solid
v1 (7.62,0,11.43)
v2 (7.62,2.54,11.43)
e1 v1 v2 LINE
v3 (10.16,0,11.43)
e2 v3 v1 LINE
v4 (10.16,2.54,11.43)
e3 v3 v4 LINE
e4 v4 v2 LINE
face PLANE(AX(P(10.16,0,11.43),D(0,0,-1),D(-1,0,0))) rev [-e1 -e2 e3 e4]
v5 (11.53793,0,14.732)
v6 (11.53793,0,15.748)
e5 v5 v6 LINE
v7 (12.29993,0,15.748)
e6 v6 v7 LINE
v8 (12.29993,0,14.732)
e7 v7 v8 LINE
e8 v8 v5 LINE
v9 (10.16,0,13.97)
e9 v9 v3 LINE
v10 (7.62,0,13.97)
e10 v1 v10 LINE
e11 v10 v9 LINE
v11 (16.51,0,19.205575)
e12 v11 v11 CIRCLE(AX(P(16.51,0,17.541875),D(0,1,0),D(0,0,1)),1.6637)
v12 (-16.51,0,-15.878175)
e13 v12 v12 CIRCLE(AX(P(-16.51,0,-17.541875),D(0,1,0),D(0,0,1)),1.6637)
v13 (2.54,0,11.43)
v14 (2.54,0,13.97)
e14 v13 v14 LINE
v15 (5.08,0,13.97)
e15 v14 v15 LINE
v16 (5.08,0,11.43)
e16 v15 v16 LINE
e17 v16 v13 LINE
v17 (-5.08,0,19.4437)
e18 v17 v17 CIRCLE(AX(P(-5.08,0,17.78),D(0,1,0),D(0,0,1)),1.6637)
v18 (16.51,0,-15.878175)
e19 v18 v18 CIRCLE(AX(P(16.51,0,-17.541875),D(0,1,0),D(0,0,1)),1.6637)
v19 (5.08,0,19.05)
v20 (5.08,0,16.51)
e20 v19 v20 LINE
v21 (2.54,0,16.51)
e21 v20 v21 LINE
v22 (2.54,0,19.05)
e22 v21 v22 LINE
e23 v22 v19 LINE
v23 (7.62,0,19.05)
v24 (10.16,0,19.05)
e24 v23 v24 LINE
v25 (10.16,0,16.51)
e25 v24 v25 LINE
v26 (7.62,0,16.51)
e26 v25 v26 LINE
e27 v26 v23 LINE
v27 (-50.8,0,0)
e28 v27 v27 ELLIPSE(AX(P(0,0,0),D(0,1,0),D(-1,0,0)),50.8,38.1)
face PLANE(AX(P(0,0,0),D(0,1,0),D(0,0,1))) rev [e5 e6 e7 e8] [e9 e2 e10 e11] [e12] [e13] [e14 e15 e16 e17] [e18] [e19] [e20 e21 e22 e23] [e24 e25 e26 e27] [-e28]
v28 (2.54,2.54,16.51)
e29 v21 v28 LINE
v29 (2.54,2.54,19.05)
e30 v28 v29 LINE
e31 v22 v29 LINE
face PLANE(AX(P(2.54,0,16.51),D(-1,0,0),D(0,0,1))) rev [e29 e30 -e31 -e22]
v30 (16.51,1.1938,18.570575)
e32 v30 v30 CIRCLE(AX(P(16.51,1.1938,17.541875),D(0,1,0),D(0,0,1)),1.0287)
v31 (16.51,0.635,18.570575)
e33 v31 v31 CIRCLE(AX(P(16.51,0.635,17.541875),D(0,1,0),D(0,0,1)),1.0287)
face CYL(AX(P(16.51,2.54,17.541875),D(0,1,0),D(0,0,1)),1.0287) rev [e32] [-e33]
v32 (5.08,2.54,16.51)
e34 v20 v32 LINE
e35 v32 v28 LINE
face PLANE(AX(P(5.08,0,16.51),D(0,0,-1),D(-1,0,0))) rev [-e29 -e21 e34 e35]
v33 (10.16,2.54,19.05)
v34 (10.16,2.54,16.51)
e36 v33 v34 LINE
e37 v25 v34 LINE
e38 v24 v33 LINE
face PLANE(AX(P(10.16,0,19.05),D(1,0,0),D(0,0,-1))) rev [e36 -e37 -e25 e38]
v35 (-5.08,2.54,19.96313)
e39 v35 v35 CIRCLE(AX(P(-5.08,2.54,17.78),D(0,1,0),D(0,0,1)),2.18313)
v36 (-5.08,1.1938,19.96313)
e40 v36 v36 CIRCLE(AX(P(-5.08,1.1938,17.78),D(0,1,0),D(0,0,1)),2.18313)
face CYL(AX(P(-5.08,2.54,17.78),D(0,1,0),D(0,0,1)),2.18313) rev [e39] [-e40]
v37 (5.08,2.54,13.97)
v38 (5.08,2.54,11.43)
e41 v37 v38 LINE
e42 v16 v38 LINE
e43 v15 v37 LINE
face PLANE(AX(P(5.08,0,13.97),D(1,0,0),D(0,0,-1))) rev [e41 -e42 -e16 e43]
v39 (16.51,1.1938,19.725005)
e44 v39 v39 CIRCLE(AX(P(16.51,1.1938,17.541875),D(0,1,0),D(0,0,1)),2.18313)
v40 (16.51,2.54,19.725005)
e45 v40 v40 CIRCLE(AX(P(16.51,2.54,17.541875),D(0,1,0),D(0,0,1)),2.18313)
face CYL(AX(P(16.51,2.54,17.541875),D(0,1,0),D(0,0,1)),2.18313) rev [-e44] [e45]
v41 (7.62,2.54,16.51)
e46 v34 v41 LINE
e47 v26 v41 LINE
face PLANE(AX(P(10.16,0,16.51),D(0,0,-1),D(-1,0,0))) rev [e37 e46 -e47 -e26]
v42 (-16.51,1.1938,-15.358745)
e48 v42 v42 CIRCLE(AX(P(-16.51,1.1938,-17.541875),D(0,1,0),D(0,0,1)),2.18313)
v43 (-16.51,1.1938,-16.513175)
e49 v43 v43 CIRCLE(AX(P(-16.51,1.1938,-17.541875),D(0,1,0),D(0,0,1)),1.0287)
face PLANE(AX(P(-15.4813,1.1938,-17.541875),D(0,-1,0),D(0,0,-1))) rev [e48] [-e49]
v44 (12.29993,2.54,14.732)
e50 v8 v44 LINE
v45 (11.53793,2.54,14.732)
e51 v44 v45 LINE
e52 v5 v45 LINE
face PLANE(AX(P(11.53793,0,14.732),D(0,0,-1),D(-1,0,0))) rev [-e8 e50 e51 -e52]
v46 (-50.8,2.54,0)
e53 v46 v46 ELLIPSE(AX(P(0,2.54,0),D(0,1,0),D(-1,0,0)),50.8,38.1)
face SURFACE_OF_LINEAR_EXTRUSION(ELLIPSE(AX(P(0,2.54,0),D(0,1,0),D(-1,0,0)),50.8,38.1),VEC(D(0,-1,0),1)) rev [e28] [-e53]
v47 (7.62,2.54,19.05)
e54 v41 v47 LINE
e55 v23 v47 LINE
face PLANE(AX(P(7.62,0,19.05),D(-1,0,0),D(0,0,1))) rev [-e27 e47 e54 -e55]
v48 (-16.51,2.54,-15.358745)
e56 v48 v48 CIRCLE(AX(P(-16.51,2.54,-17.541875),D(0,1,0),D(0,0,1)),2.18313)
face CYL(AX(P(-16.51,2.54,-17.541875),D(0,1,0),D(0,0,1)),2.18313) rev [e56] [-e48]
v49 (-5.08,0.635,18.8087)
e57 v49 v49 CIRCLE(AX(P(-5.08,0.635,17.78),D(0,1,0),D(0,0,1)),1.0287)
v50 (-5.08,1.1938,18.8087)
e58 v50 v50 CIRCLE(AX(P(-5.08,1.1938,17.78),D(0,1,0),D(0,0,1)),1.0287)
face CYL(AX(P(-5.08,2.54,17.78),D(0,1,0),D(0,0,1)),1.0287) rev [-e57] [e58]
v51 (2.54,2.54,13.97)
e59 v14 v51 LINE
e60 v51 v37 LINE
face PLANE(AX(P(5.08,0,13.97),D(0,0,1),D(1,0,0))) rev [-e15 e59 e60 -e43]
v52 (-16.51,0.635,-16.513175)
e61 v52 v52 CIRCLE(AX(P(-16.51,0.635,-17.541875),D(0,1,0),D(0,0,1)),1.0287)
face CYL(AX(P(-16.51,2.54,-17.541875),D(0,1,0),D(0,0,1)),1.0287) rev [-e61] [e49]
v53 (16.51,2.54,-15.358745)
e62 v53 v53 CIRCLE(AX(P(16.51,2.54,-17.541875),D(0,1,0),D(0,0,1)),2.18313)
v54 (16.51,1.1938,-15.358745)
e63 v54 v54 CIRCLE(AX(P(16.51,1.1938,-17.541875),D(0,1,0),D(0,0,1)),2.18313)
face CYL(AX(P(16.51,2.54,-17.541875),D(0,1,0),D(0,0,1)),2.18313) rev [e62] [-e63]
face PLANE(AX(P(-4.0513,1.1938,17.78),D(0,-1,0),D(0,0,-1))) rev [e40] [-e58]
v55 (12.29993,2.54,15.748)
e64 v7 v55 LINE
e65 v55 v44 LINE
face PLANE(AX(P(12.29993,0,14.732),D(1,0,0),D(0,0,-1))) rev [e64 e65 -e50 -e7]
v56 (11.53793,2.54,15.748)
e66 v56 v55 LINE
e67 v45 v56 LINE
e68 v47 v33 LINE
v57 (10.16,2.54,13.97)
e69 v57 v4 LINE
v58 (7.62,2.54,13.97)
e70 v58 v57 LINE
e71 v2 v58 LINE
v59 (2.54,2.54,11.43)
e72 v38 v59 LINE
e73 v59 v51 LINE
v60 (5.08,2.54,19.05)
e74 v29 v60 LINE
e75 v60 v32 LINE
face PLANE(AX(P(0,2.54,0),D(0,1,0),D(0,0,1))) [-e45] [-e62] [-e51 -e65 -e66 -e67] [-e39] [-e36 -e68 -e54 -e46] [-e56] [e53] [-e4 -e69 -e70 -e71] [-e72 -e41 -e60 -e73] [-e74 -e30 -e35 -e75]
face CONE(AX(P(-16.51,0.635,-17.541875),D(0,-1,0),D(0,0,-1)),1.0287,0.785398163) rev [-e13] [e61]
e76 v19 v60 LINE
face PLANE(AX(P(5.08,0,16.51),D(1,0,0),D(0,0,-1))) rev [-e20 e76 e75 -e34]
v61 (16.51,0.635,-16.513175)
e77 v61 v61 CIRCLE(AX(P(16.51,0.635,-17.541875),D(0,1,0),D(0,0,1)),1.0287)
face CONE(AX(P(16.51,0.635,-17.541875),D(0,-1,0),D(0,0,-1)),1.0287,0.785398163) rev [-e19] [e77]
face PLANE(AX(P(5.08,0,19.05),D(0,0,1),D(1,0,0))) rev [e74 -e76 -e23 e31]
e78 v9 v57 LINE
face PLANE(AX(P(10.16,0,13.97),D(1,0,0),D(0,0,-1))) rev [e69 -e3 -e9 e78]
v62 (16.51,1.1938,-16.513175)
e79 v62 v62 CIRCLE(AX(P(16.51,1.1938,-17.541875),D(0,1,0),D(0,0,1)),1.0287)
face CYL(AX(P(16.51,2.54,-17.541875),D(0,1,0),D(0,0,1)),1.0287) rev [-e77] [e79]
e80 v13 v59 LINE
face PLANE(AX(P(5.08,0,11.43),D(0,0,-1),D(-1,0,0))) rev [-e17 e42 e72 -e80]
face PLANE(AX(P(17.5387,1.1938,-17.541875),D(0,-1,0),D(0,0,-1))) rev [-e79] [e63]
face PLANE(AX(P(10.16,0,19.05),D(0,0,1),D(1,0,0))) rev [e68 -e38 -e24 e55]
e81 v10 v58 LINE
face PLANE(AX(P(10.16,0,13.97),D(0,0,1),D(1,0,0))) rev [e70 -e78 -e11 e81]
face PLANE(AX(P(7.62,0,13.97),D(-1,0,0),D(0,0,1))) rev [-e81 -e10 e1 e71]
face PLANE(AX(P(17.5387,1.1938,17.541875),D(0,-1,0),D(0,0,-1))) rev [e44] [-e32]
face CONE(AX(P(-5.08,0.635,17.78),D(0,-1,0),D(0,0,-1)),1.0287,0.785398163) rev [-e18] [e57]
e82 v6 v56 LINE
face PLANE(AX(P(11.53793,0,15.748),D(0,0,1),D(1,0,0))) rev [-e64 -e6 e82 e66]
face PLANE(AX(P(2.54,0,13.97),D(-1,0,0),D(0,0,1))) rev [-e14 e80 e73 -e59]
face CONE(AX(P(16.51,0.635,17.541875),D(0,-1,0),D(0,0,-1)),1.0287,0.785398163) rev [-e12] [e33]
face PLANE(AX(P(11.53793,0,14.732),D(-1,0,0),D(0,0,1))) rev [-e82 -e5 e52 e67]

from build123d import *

# Parameters (mm, degrees)
SKETCH2_RX                                   = 50.8
SKETCH2_RY                                   = 38.1
TOP_DEPTH                                    = 2.54
SKETCH4_W                                    = 2.54
SKETCH4_H                                    = 2.54
SKETCH4_W_2                                  = 0.762
SKETCH4_H_2                                  = 1.016
BUTTONS_AND_LED_DEPTH                        = 2.54
CBORE_FOR_1_PAN_HEAD_MACHINE_SCREW1_AT_COUNT = 2
CBORE_FOR_1_PAN_HEAD_MACHINE_SCREW1_AT_PITCH = 21.591313149
CBORE_FOR_1_PAN_HEAD_MACHINE_SCREW1_2_COUNT  = 2
CBORE_FOR_1_PAN_HEAD_MACHINE_SCREW1_2_PITCH  = 41.397620143
CBORE_FOR_1_PAN_HEAD_MACHINE_SCREW1_3_COUNT  = 2
CBORE_FOR_1_PAN_HEAD_MACHINE_SCREW1_3_PITCH  = 37.125190283


with BuildPart() as part:
    # Sketch2 → top (new body)
    with BuildSketch(Plane(origin=(0, 0, 0), x_dir=(1, 0, 0), z_dir=(0, 1, 0))):
        with Locations(Location((0, 0), (0, 0, 180))):
            Ellipse(SKETCH2_RX, SKETCH2_RY)
    extrude(amount=TOP_DEPTH)

    # Sketch4 → buttons and LED (cut)
    with BuildSketch(Plane(origin=(0, 2.54, 0), x_dir=(1, 0, 0), z_dir=(0, 1, 0))):
        with Locations((8.89, -17.78)):
            Rectangle(SKETCH4_W, SKETCH4_H)
        with Locations((8.89, -12.7)):
            Rectangle(SKETCH4_W, SKETCH4_H)
        with Locations((3.81, -17.78)):
            Rectangle(SKETCH4_W, SKETCH4_H)
        with Locations((3.81, -12.7)):
            Rectangle(SKETCH4_W, SKETCH4_H)
        with Locations((11.918930211, -15.24)):
            Rectangle(SKETCH4_W_2, SKETCH4_H_2)
    extrude(amount=-BUTTONS_AND_LED_DEPTH, mode=Mode.SUBTRACT)

    # Sketch5 → CBORE for #1 Pan Head Machine Screw1 (revolve, cut)
    with BuildSketch(Plane(origin=(-5.08, 2.54, 17.78), x_dir=(0, 0, 1), z_dir=(1, 0, 0))):
        Polygon((0, 0), (0, 2.54), (1.6637, 2.54), (1.0287, 1.905), (1.0287, 1.3462), (2.18313, 1.3462), (2.18313, 0), align=None)
    cbore_for_1_pan_head_machine_screw1 = revolve(axis=Axis((-5.08, 8.89, 17.78), (0, -1, 0)), mode=Mode.SUBTRACT)

    # CBORE for #1 Pan Head Machine Screw1 at: CBORE for #1 Pan Head Machine Screw1 ×2
    with Locations(*[Vector(0.9999391815868314, 0, -0.011028740973384169) * (i * CBORE_FOR_1_PAN_HEAD_MACHINE_SCREW1_AT_PITCH) for i in range(1, CBORE_FOR_1_PAN_HEAD_MACHINE_SCREW1_AT_COUNT)]):
        add(cbore_for_1_pan_head_machine_screw1, mode=Mode.SUBTRACT)

    # CBORE for _1 Pan Head Machine Screw1 2: CBORE for #1 Pan Head Machine Screw1 ×2
    with Locations(*[Vector(0.5215275642742045, 0, -0.8532344341986062) * (i * CBORE_FOR_1_PAN_HEAD_MACHINE_SCREW1_2_PITCH) for i in range(1, CBORE_FOR_1_PAN_HEAD_MACHINE_SCREW1_2_COUNT)]):
        add(cbore_for_1_pan_head_machine_screw1, mode=Mode.SUBTRACT)

    # CBORE for _1 Pan Head Machine Screw1 3: CBORE for #1 Pan Head Machine Screw1 ×2
    with Locations(*[Vector(-0.3078772098677194, 0, -0.9514260999384389) * (i * CBORE_FOR_1_PAN_HEAD_MACHINE_SCREW1_3_PITCH) for i in range(1, CBORE_FOR_1_PAN_HEAD_MACHINE_SCREW1_3_COUNT)]):
        add(cbore_for_1_pan_head_machine_screw1, mode=Mode.SUBTRACT)


solid = part.part
